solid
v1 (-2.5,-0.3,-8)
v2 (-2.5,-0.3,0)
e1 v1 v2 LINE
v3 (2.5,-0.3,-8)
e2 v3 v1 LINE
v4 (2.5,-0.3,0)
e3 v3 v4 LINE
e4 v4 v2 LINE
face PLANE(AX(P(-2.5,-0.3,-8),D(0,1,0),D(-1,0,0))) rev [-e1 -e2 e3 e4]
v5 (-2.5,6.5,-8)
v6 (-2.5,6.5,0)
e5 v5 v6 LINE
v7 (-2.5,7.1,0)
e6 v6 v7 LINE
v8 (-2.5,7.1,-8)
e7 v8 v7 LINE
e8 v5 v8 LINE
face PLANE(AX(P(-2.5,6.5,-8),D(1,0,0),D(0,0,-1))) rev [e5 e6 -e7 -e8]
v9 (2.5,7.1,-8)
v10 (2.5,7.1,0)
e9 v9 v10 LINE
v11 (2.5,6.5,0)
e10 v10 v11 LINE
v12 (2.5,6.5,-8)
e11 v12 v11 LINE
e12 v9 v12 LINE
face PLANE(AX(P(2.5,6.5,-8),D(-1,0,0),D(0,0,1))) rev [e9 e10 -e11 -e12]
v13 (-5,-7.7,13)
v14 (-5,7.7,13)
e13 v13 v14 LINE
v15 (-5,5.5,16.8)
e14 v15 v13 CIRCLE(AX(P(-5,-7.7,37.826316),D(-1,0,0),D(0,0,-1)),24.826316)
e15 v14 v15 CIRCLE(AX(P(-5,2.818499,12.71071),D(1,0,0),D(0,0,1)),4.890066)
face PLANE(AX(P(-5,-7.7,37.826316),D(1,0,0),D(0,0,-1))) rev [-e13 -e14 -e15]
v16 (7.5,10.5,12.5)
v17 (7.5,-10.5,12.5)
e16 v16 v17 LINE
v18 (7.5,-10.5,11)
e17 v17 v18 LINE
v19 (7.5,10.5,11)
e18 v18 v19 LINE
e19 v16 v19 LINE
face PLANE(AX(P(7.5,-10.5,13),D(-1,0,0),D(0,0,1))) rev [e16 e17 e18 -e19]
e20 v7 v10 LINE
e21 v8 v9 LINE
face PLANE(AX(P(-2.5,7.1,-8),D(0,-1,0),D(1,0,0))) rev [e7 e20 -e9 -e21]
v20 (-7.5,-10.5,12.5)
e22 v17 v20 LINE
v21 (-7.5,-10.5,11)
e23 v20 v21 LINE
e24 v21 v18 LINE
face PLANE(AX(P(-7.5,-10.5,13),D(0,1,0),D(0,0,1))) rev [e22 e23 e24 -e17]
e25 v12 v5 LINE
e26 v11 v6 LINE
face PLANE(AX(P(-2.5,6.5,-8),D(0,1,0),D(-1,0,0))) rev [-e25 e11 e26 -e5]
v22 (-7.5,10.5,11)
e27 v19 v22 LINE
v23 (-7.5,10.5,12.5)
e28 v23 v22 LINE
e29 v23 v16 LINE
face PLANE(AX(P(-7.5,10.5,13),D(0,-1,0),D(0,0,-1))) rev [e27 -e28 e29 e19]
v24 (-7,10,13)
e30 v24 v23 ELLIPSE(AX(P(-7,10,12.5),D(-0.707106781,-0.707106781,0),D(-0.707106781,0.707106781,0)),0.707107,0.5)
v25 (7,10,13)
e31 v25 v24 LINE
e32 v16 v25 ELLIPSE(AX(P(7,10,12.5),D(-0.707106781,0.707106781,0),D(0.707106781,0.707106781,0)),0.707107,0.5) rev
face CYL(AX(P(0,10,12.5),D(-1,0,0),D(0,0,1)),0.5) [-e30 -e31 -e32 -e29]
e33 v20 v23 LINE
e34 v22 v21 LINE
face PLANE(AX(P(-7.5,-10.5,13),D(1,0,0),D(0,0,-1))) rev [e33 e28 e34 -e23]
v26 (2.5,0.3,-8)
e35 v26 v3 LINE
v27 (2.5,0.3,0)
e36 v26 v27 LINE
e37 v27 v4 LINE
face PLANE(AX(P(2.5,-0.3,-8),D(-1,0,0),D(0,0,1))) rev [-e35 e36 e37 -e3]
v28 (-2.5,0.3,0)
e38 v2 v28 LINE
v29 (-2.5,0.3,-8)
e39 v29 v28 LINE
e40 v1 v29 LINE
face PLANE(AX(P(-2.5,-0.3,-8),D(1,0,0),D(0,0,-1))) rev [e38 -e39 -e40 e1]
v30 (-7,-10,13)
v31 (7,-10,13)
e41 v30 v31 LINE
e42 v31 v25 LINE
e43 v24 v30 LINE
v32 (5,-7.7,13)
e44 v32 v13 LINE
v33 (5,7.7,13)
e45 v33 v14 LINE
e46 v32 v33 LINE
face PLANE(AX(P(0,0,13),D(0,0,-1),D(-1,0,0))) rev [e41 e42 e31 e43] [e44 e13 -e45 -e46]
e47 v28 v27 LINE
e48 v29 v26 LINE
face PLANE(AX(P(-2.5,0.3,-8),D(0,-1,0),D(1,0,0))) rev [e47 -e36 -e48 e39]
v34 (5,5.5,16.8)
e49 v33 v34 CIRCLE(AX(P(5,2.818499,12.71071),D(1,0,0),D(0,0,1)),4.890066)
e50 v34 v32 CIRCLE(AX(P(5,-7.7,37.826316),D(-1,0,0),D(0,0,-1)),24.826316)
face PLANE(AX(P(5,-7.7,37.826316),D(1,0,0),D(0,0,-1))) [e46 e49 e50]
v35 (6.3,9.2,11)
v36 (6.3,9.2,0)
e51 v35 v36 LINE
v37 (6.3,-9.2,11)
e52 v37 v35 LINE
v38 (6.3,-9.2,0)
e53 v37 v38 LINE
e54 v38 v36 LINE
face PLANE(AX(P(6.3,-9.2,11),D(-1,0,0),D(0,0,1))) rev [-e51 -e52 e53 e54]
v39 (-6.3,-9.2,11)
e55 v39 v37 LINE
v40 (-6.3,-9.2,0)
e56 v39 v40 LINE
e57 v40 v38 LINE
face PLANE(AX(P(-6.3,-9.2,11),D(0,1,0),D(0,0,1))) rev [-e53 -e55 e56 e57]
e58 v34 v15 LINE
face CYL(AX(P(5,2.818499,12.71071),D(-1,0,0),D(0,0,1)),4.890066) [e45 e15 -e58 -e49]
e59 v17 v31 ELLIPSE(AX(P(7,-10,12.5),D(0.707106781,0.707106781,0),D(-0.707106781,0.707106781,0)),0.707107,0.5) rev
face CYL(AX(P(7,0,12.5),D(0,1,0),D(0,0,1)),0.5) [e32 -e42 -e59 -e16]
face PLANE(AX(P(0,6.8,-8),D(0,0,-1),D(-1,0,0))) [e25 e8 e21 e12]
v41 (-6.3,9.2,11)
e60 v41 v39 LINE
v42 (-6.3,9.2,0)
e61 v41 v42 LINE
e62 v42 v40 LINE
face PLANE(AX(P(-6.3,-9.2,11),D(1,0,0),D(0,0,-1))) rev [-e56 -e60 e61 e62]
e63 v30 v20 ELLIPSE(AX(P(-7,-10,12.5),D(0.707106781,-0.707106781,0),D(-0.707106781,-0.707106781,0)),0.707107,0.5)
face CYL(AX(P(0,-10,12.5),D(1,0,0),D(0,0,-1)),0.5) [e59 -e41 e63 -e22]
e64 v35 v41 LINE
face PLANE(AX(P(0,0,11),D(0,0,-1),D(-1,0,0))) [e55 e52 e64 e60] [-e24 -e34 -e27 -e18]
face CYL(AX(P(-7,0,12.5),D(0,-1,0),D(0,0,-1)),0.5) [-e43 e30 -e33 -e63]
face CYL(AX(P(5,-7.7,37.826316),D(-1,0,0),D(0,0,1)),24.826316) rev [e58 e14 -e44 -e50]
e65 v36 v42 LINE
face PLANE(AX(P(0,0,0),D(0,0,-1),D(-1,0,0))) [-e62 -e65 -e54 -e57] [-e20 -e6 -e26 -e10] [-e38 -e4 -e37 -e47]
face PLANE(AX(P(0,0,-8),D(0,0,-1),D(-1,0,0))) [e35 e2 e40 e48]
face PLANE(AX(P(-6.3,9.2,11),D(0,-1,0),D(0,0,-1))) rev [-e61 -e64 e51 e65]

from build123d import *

# Parameters (mm, degrees)
SKETCH_1_W             = 12.6
SKETCH_1_H             = 18.4
EXTRUDE_1_DEPTH        = 11
SKETCH_2_W             = 15
SKETCH_2_H             = 21
EXTRUDE_2_DEPTH        = 2
FILLET_1_R             = 0.5
EXTRUDE_3_DEPTH        = 5
SKETCH_4_W             = 5
SKETCH_4_H             = 0.6
EXTRUDE_4_DEPTH        = 8
PATTERN_LINEAR_1_COUNT = 2
PATTERN_LINEAR_1_PITCH = 6.8


with BuildPart() as part:
    # Эскиз1 → Бобышка-Вытянуть1 (new body)
    with BuildSketch(Plane.XY):
        Rectangle(SKETCH_1_W, SKETCH_1_H)
    extrude(amount=EXTRUDE_1_DEPTH)

    # Эскиз2 → Бобышка-Вытянуть2 (add)
    with BuildSketch(Plane.XY.offset(11)):
        Rectangle(SKETCH_2_W, SKETCH_2_H)
    extrude(amount=EXTRUDE_2_DEPTH)

    # Скругление1
    fillet_1_edges = [part.edges().sort_by_distance(p)[0] for p in [
        (7.5, 0, 13),
        (0, 10.5, 13),
        (-7.5, 0, 13),
        (0, -10.5, 13),
    ]]
    fillet(fillet_1_edges, radius=FILLET_1_R)

    # Эскиз3 → Бобышка-Вытянуть3 (add, symmetric)
    with BuildSketch(Plane(origin=(0, 0, 0), x_dir=(0, 0, -1), z_dir=(1, 0, 0))):
        with BuildLine():
            Line((-13, -7.7), (-13, 7.7))
            ThreePointArc((-13, 7.7), (-15.160810119, 7.050490206), (-16.8, 5.5))
            ThreePointArc((-16.8, 5.5), (-13.968906968, -0.831958067), (-13, -7.7))
        make_face()
    extrude(amount=EXTRUDE_3_DEPTH, both=True)

    # Эскиз4 → Бобышка-Вытянуть4 (add)
    with BuildSketch(Plane(origin=(0, 0, 0), x_dir=(-1, 0, 0), z_dir=(0, 0, -1))):
        Rectangle(SKETCH_4_W, SKETCH_4_H)
    extrude_4 = extrude(amount=EXTRUDE_4_DEPTH)

    # Линейный массив1: Бобышка-Вытянуть4 ×2
    with Locations(*[(0, i * PATTERN_LINEAR_1_PITCH, 0) for i in range(1, PATTERN_LINEAR_1_COUNT)]):
        add(extrude_4)


solid = part.part
